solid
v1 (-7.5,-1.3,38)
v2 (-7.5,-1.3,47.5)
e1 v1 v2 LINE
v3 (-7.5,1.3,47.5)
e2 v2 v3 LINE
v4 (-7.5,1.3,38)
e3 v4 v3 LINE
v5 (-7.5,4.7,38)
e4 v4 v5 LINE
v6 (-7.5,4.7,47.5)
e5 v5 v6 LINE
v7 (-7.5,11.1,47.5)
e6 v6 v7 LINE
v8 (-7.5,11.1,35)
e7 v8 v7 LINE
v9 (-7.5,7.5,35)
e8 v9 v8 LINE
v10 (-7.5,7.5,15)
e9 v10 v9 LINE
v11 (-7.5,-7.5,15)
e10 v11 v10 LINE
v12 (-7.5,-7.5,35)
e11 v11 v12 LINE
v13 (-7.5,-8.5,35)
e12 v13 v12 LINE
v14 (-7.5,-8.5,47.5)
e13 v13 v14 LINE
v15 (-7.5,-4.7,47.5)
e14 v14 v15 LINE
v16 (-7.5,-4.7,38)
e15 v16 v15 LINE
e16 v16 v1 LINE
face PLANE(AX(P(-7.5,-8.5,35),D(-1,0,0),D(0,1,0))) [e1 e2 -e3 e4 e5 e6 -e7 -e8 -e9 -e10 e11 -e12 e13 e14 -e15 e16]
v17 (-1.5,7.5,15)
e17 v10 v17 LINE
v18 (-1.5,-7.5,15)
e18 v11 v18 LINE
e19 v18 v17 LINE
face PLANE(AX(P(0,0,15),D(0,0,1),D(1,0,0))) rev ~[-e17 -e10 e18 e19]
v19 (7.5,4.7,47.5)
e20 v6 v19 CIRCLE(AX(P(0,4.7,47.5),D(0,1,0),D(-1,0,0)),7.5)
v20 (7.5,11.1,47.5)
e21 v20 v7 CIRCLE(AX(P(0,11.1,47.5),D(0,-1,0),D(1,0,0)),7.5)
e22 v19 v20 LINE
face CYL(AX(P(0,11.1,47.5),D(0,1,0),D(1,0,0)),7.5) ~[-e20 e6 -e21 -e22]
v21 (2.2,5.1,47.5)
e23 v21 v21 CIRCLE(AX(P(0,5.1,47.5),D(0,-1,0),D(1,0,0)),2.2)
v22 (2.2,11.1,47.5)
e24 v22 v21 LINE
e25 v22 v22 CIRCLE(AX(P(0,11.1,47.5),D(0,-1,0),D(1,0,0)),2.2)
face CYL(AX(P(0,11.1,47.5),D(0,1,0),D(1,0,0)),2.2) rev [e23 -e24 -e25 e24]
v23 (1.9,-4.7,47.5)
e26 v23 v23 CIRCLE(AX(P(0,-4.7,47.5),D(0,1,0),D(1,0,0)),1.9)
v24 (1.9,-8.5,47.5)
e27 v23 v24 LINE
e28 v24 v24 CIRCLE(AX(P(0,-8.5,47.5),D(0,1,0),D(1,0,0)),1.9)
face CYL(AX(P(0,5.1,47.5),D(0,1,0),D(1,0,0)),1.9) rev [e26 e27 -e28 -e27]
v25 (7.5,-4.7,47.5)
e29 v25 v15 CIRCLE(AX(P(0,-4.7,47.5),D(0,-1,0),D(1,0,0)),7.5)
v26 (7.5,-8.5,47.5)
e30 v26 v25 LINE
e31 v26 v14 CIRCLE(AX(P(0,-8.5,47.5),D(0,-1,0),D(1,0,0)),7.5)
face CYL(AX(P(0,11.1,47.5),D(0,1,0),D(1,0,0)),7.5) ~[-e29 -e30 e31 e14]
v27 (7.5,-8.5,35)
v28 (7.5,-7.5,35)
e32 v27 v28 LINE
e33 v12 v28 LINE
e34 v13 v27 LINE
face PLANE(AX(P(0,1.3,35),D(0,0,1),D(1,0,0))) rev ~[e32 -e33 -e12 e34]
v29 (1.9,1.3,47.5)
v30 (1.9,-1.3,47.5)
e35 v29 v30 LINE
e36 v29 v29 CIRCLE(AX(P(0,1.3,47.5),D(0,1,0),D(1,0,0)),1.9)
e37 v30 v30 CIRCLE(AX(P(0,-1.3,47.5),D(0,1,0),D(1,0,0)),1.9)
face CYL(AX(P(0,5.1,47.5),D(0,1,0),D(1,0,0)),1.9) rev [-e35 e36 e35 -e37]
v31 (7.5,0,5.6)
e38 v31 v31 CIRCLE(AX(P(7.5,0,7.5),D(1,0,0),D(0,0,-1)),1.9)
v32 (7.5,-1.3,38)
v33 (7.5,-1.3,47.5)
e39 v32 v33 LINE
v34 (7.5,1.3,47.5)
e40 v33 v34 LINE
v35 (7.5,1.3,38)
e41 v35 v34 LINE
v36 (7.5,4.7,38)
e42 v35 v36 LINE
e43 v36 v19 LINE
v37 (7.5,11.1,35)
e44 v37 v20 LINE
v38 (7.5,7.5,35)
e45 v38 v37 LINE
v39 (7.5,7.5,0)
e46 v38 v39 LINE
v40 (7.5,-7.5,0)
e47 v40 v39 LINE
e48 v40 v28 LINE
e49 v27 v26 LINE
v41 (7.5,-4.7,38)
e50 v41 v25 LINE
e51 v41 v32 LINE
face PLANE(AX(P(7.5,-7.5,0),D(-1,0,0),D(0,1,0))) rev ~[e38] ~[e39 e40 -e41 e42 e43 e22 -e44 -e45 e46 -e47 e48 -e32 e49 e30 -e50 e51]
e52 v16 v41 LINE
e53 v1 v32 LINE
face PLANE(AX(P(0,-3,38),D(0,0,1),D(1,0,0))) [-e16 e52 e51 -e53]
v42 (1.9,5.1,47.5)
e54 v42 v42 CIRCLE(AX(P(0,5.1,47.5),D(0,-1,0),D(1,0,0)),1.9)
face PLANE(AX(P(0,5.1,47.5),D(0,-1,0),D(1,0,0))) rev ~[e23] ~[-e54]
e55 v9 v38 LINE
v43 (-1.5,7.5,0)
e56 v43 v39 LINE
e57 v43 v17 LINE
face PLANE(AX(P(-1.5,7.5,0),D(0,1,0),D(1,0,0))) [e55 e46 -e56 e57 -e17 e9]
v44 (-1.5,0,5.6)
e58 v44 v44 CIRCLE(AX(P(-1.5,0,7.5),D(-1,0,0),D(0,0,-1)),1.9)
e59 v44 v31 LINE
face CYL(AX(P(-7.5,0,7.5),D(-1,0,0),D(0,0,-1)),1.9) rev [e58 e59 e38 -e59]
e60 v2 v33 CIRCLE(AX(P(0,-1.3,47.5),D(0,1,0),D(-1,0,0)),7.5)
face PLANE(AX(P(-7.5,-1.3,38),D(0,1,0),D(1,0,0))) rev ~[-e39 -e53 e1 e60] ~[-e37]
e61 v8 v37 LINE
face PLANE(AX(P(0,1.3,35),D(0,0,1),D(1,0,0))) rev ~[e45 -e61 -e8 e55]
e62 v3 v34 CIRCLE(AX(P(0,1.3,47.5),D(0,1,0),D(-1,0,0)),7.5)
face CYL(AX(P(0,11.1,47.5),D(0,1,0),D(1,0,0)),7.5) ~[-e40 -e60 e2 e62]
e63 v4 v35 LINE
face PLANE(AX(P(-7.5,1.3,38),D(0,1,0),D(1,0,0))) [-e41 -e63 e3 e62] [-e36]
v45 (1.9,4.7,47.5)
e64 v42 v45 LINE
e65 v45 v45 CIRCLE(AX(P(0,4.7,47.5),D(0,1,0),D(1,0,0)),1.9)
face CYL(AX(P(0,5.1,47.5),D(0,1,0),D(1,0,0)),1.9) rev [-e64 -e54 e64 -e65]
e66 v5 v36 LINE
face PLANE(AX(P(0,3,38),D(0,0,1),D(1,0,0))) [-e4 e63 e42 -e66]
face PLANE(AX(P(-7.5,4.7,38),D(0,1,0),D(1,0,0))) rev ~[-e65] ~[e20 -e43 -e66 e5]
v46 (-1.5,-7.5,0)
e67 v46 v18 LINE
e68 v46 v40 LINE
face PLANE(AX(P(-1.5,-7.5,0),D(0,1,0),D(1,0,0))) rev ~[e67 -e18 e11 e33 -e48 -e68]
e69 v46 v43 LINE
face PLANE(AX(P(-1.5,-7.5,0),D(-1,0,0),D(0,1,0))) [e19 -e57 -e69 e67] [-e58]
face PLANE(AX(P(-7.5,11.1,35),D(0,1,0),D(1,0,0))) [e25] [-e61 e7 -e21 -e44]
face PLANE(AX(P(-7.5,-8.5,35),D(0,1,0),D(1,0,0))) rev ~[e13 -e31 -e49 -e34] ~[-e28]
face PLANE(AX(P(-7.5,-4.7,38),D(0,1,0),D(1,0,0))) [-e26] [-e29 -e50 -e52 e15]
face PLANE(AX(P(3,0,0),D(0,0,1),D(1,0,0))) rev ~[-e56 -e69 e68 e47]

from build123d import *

# Parameters (mm, degrees)
BOX003_W                  = 15
BOX003_H                  = 3.4
BOX003_DEPTH              = 17
ARRAY_Y_COUNT             = 2
ARRAY_Y_PITCH             = 6
CYLINDER002_R             = 2.2
CYLINDER002_DEPTH         = 6
CYLINDER001_R             = 1.9
CYLINDER001_DEPTH         = 15
FUSION001_PLACEMENT_ANGLE = 90
CYLINDER_R                = 7.5
CYLINDER_DEPTH            = 19.6
BOX002_W                  = 15
BOX002_H                  = 19.6
BOX002_DEPTH              = 12.5
CYLINDER006_R             = 1.9
CYLINDER006_DEPTH         = 15
BOX007_W                  = 9
BOX007_H                  = 15
BOX007_DEPTH              = 15
BOX006_W                  = 15
BOX006_H                  = 15
BOX006_DEPTH              = 20


with BuildPart() as side_3_extract_cube_array:
    # Box003 → Box003 (new body)
    with BuildSketch(Plane(origin=(-7.5, -7.7, 3), x_dir=(1, 0, 0), z_dir=(0, 0, 1))):
        with Locations((7.5, 1.7)):
            Rectangle(BOX003_W, BOX003_H)
    extrude(amount=BOX003_DEPTH)

    # Array Y: side 3 extract cube array ×2


with BuildPart() as side_3_extract_cube_array_1:
    add(side_3_extract_cube_array.part)
    with Locations(*[(0, i * ARRAY_Y_PITCH, 0) for i in range(1, ARRAY_Y_COUNT)]):
        add(side_3_extract_cube_array.part)


with BuildPart() as side_3_extract_cube_array_2:
    # Array placement: moved
    add(side_3_extract_cube_array_1.part.moved(Location((0, 3, 0))))


with BuildPart() as insert_hole:
    # Cylinder002 → Cylinder002 (new body)
    with BuildSketch(Plane.XY):
        Circle(CYLINDER002_R)
    extrude(amount=CYLINDER002_DEPTH)


with BuildPart() as side_3_extract_fusion:
    # Cylinder001 → Cylinder001 (new body)
    with BuildSketch(Plane.XY.offset(6)):
        Circle(CYLINDER001_R)
    extrude(amount=CYLINDER001_DEPTH)

    # Fusion001: union insert hole
    add(insert_hole.part)


with BuildPart() as side_3_extract_fusion_1:
    # Fusion001 placement: moved
    add(side_3_extract_fusion.part.moved(Location((0, 11.1, 12.5))).rotate(Axis((0, 11.1, 12.5), (1, 0, 0)), FUSION001_PLACEMENT_ANGLE))

    # Fusion002: union side 3 extract cube array
    add(side_3_extract_cube_array_2.part)


with BuildPart() as outer_cylinder:
    # Cylinder → Cylinder (new body)
    with BuildSketch(Plane(origin=(0, 11.1, 12.5), x_dir=(1, 0, 0), z_dir=(0, -1, 0))):
        Circle(CYLINDER_R)
    extrude(amount=CYLINDER_DEPTH)


with BuildPart() as side_3_cut_clone001:
    # Box002 → Box002 (new body)
    with BuildSketch(Plane(origin=(-7.5, -8.5, 0), x_dir=(1, 0, 0), z_dir=(0, 0, 1))):
        with Locations((7.5, 9.8)):
            Rectangle(BOX002_W, BOX002_H)
    extrude(amount=BOX002_DEPTH)

    # Fusion: union outer cylinder
    add(outer_cylinder.part)

    # Cut: cut side 3 extract fusion
    add(side_3_extract_fusion_1.part, mode=Mode.SUBTRACT)


with BuildPart() as side_3_cut_clone001_1:
    # Body002 placement: moved
    add(side_3_cut_clone001.part.moved(Location((0, 0, 35))))


with BuildPart() as bolt_hole001:
    # Cylinder006 → Cylinder006 (new body)
    with BuildSketch(Plane(origin=(-7.5, 0, 7.5), x_dir=(0, 0, -1), z_dir=(1, 0, 0))):
        Circle(CYLINDER006_R)
    extrude(amount=CYLINDER006_DEPTH)


with BuildPart() as one_cube_with_bolt_hole:
    # Box007 → Box007 (new body)
    with BuildSketch(Plane(origin=(-1.5, -7.5, 0), x_dir=(1, 0, 0), z_dir=(0, 0, 1))):
        with Locations((4.5, 7.5)):
            Rectangle(BOX007_W, BOX007_H)
    extrude(amount=BOX007_DEPTH)

    # Cut002: cut bolt hole001
    add(bolt_hole001.part, mode=Mode.SUBTRACT)


with BuildPart() as side_3_one_fusion:
    # Box006 → Box006 (new body)
    with BuildSketch(Plane(origin=(-7.5, -7.5, 15), x_dir=(1, 0, 0), z_dir=(0, 0, 1))):
        with Locations((7.5, 7.5)):
            Rectangle(BOX006_W, BOX006_H)
    extrude(amount=BOX006_DEPTH)

    # Fusion005: union side 3 cut clone001, one cube with bolt hole
    add(side_3_cut_clone001_1.part)
    add(one_cube_with_bolt_hole.part)


solid = side_3_one_fusion.part
